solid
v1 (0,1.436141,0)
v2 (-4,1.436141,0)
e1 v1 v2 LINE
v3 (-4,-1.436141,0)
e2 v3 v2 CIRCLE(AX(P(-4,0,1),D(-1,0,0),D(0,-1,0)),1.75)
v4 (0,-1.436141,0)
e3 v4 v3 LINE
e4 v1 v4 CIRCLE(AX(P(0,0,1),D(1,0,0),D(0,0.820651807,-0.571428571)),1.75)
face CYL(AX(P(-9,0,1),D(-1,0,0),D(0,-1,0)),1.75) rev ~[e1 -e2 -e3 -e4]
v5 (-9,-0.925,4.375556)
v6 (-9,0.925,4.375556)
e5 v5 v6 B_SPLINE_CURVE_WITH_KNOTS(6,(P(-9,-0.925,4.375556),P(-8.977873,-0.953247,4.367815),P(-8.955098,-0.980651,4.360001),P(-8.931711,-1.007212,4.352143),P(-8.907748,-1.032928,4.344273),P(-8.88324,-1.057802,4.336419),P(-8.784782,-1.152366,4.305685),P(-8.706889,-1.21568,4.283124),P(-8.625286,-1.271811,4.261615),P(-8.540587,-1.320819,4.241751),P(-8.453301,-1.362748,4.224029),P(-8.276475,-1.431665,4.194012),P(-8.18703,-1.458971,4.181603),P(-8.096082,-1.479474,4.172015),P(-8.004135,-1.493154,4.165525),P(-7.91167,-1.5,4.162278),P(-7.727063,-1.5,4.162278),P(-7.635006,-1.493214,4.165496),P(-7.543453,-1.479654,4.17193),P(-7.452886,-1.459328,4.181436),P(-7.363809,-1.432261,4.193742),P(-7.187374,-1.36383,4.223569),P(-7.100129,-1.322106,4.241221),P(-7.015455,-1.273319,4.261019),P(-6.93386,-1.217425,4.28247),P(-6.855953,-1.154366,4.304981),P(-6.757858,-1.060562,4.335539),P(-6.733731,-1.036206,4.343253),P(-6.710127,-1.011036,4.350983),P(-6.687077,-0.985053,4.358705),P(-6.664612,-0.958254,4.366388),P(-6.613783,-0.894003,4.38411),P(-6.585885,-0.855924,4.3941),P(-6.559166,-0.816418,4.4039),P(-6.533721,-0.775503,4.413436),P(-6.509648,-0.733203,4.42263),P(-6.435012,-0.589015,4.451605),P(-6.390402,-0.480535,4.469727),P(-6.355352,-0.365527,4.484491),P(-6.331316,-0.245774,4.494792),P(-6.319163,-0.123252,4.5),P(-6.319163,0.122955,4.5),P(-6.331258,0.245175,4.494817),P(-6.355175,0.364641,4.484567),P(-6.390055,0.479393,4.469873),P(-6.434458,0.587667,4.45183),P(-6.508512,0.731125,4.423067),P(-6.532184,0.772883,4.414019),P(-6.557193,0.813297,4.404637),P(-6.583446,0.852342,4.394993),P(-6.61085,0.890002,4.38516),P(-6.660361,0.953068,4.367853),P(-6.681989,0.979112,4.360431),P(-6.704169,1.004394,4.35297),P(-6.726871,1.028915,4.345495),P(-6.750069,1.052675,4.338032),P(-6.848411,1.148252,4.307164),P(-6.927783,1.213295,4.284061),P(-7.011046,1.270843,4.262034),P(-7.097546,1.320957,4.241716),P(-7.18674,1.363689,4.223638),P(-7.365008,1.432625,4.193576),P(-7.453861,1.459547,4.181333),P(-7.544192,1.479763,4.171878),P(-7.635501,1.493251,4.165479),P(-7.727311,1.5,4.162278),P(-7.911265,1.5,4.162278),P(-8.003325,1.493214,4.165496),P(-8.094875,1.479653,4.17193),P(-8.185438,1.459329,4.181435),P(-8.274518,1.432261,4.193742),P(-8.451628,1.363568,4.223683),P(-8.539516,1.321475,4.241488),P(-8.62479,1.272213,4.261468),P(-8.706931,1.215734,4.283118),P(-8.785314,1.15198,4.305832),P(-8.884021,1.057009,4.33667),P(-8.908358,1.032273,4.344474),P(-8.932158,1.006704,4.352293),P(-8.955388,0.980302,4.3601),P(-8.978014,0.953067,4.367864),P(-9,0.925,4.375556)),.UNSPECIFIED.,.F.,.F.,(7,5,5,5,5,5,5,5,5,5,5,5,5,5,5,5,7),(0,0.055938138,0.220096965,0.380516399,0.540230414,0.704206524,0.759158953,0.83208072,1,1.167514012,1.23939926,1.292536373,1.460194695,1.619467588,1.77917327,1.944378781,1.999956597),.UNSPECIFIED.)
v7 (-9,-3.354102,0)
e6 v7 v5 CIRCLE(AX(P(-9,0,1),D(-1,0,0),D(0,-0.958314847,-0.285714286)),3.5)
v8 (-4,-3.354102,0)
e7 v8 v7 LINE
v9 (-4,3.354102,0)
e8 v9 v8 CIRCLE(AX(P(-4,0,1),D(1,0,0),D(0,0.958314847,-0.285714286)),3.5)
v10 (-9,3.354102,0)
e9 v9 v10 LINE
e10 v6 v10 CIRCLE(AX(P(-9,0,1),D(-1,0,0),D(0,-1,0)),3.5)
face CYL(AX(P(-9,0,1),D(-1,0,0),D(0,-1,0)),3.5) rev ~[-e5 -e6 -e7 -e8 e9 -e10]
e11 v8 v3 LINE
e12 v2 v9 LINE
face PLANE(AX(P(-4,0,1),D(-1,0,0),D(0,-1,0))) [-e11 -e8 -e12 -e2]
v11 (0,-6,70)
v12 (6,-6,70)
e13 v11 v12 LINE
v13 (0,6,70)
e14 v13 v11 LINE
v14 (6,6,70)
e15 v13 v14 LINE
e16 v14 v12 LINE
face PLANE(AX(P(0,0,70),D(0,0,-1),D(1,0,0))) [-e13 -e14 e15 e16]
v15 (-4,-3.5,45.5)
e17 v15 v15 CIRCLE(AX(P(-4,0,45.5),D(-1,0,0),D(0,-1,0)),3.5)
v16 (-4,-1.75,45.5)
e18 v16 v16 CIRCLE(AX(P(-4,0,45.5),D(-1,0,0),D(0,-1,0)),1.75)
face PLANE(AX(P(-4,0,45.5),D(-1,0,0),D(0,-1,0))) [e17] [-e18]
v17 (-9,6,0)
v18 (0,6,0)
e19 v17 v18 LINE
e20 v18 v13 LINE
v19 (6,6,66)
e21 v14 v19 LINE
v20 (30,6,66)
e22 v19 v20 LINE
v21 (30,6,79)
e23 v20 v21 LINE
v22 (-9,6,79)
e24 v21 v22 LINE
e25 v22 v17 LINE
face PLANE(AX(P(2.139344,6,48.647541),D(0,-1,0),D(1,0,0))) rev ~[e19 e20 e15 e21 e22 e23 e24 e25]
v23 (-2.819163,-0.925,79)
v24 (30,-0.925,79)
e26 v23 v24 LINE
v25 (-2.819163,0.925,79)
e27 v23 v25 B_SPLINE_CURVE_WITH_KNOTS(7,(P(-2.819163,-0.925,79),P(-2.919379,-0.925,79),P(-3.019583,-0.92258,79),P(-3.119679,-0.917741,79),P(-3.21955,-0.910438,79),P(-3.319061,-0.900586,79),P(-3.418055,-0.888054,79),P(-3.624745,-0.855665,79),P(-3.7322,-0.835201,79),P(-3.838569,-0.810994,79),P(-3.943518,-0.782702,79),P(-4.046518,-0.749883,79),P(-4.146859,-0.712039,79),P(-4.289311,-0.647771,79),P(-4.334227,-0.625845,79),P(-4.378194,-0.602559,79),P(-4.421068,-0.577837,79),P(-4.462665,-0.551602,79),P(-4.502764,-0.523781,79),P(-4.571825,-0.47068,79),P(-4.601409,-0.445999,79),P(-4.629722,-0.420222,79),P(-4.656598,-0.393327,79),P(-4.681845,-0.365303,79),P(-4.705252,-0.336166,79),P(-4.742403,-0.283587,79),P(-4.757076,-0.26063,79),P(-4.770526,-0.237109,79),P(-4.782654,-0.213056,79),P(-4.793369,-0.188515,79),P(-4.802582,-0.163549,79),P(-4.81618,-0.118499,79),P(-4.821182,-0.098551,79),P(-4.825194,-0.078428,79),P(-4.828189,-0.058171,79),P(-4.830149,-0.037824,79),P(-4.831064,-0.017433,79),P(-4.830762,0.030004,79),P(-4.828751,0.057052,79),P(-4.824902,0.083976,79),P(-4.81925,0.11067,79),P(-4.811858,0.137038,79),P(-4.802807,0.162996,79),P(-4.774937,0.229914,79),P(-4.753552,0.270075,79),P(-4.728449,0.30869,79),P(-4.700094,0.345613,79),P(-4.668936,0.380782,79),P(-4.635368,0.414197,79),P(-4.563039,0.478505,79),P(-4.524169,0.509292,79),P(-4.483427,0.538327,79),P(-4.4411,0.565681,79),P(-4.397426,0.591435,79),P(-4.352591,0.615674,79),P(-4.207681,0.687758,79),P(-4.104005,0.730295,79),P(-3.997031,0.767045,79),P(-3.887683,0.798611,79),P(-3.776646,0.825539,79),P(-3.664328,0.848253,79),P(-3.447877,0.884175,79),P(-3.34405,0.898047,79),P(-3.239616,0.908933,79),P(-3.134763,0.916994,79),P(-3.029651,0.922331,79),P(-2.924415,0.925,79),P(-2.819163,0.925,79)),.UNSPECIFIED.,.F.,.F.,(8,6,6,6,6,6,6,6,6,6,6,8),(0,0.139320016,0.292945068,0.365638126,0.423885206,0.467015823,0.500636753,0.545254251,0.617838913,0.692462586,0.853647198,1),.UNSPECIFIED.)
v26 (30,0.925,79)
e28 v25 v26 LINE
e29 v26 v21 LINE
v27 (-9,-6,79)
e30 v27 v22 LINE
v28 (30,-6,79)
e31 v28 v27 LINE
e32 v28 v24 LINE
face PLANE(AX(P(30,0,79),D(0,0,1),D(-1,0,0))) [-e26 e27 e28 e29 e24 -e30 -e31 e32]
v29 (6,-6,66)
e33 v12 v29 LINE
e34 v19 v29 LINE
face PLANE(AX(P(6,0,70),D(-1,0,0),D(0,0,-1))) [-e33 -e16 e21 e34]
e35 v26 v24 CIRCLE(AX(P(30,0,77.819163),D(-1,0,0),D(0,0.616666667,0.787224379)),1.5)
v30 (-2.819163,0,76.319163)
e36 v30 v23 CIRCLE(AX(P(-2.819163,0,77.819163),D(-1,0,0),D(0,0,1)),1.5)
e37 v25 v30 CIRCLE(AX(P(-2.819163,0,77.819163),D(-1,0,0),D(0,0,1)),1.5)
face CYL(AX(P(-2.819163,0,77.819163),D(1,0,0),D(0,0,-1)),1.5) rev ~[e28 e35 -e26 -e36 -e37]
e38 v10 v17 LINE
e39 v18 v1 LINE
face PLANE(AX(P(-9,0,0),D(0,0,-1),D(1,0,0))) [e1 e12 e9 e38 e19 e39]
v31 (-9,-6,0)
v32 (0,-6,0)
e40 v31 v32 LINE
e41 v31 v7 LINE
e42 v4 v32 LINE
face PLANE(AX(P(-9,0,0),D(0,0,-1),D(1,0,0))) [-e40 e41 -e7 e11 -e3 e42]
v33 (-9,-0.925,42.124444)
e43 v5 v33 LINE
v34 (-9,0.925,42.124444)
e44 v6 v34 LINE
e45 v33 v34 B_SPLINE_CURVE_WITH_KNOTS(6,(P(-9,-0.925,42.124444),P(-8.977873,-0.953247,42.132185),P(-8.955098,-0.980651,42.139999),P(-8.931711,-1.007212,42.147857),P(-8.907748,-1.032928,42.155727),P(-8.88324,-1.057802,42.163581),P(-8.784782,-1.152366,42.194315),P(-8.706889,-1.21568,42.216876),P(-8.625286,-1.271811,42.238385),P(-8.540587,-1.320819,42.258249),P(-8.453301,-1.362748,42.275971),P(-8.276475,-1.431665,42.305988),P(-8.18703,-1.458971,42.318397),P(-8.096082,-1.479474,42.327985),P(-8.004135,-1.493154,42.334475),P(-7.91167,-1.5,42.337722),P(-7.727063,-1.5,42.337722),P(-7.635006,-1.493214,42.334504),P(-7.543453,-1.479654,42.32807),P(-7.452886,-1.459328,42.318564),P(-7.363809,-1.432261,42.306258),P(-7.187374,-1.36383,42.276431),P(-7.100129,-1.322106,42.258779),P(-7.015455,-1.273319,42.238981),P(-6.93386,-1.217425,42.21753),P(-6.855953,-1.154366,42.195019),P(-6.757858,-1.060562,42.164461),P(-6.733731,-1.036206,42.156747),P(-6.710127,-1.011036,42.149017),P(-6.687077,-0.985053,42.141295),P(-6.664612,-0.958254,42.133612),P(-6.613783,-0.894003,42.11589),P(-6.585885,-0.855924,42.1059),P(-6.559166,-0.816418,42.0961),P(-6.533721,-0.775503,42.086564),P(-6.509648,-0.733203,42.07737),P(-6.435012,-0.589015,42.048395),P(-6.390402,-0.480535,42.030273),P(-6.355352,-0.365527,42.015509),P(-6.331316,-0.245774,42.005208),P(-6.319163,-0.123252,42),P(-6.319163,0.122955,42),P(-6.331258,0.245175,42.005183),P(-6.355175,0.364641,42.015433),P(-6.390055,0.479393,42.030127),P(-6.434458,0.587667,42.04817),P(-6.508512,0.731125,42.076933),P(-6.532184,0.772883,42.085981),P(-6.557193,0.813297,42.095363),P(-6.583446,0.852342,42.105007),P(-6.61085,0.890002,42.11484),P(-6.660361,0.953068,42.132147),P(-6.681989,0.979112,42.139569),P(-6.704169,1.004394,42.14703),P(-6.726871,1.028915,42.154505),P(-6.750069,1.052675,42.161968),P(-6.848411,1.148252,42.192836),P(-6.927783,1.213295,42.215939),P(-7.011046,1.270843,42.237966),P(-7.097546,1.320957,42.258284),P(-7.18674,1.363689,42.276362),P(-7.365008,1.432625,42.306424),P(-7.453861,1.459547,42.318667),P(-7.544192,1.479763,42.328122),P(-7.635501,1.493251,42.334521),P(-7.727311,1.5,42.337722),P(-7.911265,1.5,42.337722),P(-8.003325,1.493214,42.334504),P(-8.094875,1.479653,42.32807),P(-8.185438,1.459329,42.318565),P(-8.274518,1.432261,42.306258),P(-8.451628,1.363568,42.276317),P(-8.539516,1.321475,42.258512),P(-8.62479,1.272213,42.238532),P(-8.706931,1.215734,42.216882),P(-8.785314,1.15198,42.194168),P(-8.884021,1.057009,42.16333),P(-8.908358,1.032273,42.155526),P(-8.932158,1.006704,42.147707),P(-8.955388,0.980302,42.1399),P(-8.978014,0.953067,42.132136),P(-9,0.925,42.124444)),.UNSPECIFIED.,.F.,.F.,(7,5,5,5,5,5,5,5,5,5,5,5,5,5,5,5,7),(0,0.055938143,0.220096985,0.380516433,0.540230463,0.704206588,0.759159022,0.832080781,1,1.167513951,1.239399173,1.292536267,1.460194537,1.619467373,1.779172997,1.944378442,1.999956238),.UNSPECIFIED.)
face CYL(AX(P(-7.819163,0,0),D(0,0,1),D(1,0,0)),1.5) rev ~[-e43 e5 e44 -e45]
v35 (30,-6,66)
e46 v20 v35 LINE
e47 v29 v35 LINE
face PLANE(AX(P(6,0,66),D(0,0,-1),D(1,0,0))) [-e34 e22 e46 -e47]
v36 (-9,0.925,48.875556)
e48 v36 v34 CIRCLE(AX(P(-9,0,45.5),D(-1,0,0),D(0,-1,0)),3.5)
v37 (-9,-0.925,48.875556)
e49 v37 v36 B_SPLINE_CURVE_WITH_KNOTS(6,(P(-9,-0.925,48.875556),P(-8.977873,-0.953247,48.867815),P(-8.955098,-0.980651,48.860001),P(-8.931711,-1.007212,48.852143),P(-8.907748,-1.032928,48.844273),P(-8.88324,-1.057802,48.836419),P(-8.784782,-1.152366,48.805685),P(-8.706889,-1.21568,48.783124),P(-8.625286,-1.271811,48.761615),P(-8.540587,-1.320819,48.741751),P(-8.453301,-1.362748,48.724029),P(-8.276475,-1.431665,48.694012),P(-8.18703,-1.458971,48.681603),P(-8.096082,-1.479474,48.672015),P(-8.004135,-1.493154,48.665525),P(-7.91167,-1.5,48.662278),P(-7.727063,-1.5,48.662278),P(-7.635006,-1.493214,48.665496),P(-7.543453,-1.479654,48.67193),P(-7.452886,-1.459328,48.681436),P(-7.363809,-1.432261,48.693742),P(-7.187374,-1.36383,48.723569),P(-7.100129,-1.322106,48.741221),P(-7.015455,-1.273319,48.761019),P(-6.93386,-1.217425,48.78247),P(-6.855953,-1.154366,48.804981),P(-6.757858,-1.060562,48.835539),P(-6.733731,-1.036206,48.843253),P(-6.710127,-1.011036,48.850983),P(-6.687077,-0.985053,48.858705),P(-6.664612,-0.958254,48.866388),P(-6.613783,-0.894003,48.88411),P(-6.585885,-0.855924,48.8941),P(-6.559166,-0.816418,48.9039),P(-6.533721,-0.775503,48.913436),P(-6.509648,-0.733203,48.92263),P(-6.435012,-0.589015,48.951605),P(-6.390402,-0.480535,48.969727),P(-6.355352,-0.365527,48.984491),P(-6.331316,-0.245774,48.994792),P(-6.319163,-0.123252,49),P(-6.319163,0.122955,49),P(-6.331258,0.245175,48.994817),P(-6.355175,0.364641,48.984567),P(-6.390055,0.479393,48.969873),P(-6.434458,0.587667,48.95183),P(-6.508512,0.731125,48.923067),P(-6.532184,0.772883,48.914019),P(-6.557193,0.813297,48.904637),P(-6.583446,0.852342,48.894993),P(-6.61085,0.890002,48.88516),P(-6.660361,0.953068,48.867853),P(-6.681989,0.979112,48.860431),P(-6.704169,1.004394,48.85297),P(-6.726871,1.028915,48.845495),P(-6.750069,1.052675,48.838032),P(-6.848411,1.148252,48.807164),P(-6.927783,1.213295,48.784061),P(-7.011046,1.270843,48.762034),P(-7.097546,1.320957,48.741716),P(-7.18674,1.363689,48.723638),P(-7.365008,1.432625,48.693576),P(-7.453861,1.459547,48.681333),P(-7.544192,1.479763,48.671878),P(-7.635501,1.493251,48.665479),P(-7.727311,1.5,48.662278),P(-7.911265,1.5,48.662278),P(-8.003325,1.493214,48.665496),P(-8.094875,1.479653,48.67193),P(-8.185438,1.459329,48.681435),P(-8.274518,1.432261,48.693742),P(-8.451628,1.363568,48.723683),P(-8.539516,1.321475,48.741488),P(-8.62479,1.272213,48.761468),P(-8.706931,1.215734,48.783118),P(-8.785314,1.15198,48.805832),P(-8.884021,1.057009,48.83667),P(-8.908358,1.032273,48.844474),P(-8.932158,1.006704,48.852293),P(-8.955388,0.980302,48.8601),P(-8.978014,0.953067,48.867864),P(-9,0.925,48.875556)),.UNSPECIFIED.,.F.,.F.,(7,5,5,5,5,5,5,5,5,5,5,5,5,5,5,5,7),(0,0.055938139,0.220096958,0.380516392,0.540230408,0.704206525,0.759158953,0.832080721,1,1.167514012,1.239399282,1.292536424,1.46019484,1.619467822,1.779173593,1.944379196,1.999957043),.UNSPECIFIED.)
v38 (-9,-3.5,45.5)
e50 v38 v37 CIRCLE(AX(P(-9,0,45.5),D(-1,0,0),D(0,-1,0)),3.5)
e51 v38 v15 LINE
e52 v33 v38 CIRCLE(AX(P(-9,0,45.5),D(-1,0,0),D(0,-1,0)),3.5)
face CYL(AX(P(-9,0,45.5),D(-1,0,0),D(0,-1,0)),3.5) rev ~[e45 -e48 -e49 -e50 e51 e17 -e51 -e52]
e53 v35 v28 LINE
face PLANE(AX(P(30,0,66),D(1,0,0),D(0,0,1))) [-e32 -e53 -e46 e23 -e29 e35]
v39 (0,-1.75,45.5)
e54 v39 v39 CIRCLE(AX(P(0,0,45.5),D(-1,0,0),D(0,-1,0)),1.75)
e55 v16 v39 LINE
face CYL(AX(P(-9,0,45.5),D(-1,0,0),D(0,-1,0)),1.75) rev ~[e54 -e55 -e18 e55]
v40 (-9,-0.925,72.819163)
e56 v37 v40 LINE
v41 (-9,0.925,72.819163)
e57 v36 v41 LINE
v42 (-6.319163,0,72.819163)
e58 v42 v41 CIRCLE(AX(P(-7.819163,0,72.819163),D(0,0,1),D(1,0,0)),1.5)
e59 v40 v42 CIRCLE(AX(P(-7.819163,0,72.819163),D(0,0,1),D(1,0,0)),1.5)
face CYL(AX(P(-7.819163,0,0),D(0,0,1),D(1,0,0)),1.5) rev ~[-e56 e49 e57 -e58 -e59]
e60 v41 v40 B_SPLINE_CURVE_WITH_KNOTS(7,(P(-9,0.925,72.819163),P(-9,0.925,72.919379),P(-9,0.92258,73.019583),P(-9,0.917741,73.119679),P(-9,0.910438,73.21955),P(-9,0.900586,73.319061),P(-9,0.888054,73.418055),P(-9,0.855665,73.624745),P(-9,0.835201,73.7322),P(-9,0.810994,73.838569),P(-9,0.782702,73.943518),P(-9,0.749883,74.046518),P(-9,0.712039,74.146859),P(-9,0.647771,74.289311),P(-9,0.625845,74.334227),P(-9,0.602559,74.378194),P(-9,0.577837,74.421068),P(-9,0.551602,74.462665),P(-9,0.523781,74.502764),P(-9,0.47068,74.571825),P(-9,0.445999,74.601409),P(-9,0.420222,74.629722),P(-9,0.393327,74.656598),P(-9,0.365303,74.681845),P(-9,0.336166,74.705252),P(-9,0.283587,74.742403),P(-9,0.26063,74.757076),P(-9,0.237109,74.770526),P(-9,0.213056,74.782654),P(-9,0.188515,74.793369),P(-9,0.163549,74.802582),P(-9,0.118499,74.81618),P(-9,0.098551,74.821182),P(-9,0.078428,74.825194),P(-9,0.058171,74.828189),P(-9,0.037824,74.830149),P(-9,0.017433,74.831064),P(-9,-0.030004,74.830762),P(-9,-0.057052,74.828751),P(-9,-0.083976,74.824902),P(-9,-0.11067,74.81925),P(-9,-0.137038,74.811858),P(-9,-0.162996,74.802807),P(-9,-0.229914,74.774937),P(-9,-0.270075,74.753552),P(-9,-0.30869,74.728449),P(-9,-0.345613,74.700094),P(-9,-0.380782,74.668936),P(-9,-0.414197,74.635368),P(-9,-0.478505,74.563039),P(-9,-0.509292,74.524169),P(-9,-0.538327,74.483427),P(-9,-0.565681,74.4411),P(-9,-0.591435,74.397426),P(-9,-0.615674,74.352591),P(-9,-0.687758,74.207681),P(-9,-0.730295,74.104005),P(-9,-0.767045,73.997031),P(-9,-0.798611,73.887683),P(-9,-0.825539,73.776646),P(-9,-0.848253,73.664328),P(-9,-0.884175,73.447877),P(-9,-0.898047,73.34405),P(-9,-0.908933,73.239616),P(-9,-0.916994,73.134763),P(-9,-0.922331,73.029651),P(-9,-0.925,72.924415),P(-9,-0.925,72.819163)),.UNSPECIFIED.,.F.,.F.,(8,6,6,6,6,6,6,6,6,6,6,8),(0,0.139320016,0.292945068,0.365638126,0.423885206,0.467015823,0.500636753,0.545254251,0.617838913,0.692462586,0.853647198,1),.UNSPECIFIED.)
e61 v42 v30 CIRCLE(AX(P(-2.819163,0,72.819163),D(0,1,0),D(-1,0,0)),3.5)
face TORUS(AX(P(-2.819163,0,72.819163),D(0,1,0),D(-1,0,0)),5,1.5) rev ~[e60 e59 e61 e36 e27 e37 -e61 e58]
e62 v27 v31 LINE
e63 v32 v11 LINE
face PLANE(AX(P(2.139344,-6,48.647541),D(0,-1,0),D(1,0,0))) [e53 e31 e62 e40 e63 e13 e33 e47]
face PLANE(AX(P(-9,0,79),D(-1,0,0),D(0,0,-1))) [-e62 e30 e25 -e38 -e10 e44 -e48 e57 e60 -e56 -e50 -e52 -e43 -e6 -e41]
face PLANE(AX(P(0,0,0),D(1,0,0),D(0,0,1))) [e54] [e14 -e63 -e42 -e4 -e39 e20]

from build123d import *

# Parameters (mm, degrees)
F2_DEPTH = 6
F3_R     = 1.5
F6_R     = 1.75
F7_DEPTH = 9
F8_R     = 3.5
F9_DEPTH = 5


with BuildPart() as f2:
    # F1 (on Front) → F2 (new body, symmetric)
    with BuildSketch(Plane.XZ):
        Polygon((-9, 0), (0, 0), (0, 70), (6, 70), (6, 66), (30, 66), (30, 79), (-9, 79), align=None)
    extrude(amount=F2_DEPTH, both=True)

    # F5: sweep along a path in F4
    with BuildLine(Plane.XZ) as f5_path:
        Line((-7.8191634321, 0), (-7.8191634321, 72.8191634321))
        ThreePointArc((-7.8191634321, 72.8191634321), (-6.3546973381, 76.3546973381), (-2.8191634321, 77.8191634321))
        Line((-2.8191634321, 77.8191634321), (30, 77.8191634321))
    # F3 (on face) → F5 (sweep, cut)
    with BuildSketch(Plane(origin=(0, 0, 0), x_dir=(1, 0, 0), z_dir=(0, 0, -1))):
        with Locations((-7.8191634321, 0)):
            Circle(F3_R)
    sweep(path=f5_path.line, mode=Mode.SUBTRACT)

    # F6 (on face) → F7 (cut, through all)
    with BuildSketch(Plane(origin=(-9, 0, 0), x_dir=(0, -1, 0), z_dir=(-1, 0, 0))):
        with Locations((0, 45.5)):
            Circle(F6_R)
        with Locations((0, 1)):
            Circle(F6_R)
    extrude(amount=-F7_DEPTH, mode=Mode.SUBTRACT)

    # F8 (on face) → F9 (cut)
    with BuildSketch(Plane(origin=(-9, 0, 0), x_dir=(0, -1, 0), z_dir=(-1, 0, 0))):
        with Locations((0, 45.5)):
            Circle(F8_R)
        with Locations((0, 1)):
            Circle(F8_R)
    extrude(amount=-F9_DEPTH, mode=Mode.SUBTRACT)


solid = f2.part
